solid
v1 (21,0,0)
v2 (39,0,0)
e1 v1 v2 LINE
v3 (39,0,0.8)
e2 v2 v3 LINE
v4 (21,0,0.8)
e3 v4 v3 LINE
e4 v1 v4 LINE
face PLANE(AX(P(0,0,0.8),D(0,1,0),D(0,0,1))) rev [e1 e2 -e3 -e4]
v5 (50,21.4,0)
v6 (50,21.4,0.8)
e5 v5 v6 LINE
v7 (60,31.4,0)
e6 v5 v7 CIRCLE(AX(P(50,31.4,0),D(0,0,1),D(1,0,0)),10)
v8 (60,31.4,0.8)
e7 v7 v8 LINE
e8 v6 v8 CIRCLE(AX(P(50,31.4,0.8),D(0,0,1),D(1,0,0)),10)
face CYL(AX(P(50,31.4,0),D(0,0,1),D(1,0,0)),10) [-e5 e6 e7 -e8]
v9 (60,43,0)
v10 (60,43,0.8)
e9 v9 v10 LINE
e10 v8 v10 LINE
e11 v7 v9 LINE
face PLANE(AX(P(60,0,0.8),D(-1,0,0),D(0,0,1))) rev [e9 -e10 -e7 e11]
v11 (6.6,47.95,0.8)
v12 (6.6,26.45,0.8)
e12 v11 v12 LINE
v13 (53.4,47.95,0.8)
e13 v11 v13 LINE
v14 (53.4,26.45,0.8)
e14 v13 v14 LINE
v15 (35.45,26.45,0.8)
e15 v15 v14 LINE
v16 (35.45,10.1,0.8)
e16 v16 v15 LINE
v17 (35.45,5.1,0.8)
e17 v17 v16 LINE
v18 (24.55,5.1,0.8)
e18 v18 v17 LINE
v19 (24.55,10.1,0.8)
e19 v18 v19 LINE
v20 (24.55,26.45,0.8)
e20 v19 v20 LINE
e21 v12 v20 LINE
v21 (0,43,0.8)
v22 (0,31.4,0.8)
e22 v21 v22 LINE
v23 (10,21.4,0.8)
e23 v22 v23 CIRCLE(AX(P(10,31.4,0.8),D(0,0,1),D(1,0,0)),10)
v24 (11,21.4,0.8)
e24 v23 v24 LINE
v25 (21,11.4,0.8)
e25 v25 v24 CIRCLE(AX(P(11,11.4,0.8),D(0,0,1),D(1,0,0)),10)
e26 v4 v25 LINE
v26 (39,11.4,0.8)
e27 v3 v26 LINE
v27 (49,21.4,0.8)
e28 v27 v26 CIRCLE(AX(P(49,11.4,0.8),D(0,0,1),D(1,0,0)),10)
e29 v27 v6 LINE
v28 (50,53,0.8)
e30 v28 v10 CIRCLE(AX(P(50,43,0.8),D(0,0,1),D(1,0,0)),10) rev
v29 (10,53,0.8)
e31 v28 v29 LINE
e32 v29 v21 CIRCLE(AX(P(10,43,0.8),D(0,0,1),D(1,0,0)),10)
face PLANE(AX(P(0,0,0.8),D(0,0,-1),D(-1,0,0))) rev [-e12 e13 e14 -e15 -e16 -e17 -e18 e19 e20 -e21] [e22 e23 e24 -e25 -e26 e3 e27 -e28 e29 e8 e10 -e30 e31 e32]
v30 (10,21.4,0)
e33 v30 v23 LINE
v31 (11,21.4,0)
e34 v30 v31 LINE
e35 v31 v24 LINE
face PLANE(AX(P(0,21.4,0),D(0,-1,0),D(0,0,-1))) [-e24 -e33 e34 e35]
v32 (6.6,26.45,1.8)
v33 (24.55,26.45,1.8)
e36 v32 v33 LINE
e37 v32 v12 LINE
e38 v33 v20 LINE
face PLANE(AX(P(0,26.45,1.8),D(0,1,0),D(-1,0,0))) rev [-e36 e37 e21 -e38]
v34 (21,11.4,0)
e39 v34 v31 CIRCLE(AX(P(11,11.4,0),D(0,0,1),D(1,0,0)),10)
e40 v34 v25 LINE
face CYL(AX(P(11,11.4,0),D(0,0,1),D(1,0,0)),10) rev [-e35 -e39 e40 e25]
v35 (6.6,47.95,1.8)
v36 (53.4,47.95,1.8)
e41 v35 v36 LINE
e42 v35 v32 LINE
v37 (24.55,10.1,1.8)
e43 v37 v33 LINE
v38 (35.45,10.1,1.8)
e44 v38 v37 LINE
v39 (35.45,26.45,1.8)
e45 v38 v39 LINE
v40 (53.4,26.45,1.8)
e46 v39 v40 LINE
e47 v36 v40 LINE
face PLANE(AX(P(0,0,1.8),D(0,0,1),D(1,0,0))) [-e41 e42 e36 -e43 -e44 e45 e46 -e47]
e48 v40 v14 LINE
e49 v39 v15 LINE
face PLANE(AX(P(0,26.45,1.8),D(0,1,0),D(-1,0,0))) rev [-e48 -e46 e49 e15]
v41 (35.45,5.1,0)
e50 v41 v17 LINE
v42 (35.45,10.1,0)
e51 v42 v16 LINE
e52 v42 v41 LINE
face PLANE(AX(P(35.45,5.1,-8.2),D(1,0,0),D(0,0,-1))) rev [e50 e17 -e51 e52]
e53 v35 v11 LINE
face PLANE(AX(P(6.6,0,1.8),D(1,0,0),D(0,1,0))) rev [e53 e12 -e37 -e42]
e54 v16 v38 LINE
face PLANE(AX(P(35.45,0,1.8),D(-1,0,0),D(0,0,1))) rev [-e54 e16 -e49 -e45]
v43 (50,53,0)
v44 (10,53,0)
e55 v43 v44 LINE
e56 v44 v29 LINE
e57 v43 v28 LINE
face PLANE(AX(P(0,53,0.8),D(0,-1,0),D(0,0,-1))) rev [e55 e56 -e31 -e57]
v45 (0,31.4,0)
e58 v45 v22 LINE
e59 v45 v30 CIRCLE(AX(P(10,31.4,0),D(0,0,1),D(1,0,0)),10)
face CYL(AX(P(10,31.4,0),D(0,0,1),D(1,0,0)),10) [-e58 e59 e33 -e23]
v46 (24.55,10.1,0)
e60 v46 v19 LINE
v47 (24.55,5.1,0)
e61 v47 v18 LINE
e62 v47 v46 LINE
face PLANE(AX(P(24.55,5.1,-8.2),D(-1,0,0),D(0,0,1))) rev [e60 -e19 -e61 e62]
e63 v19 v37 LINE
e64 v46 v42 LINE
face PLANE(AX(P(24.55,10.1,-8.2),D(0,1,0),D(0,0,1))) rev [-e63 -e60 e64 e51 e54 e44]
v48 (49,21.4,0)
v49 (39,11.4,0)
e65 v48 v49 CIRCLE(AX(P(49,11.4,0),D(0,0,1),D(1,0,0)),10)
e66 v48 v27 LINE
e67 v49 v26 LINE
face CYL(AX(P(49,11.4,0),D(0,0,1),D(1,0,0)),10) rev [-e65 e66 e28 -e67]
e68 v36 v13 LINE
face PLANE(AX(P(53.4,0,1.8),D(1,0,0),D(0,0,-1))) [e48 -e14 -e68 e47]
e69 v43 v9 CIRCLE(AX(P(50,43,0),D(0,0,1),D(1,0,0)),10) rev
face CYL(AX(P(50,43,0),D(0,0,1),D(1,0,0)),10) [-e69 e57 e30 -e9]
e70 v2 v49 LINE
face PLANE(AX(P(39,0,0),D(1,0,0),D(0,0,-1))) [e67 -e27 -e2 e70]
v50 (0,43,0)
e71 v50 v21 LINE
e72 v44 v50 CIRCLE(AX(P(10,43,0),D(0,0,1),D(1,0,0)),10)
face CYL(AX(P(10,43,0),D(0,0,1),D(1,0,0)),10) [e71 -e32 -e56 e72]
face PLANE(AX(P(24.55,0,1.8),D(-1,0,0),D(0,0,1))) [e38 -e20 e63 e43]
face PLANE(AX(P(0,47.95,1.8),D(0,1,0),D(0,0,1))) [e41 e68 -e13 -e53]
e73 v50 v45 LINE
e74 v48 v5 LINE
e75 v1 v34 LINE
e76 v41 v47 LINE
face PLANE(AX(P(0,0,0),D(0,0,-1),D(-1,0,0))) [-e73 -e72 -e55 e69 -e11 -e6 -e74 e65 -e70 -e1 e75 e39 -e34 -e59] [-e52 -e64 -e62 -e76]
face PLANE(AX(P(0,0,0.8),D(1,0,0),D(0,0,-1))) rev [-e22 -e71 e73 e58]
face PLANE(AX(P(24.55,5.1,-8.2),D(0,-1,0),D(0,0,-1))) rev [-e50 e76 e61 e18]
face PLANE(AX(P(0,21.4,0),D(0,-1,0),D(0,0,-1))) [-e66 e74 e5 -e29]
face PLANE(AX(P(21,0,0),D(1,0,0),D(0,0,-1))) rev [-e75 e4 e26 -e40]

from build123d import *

# Parameters (mm, degrees)
SKETCH1_W           = 60
SKETCH1_H           = 53
BOSS_EXTRUDE1_DEPTH = 0.8
CUT_EXTRUDE2_DEPTH  = 0.8
SKETCH3_W           = 10.9
SKETCH3_H           = 21.35
SKETCH3_W_2         = 46.8
SKETCH3_H_2         = 21.5
BOSS_EXTRUDE2_DEPTH = 1
SKETCH4_W           = 10.9
SKETCH4_H           = 5
CUT_EXTRUDE3_DEPTH  = 10


with BuildPart() as part:
    # Sketch1 → Boss-Extrude1 (new body)
    with BuildSketch(Plane.XY):
        with Locations((30, 26.5)):
            Rectangle(SKETCH1_W, SKETCH1_H)
    extrude(amount=BOSS_EXTRUDE1_DEPTH)

    # Sketch2 → Cut-Extrude2 (cut)
    with BuildSketch(Plane.XY.offset(0.8)):
        with BuildLine():
            ThreePointArc((0, 43), (2.928932188, 50.071067812), (10, 53))
            Line((10, 53), (0, 53))
            Line((0, 53), (0, 43))
        make_face()
        with BuildLine():
            ThreePointArc((10, 21.4), (2.928932188, 24.328932188), (0, 31.4))
            Line((0, 31.4), (0, 0))
            Line((0, 0), (21, 0))
            Line((21, 0), (21, 11.4))
            ThreePointArc((21, 11.4), (18.071067812, 18.471067812), (11, 21.4))
            Line((11, 21.4), (10, 21.4))
        make_face()
        with BuildLine():
            Line((60, 0), (60, 31.4))
            ThreePointArc((60, 31.4), (57.071067812, 24.328932188), (50, 21.4))
            Line((50, 21.4), (49, 21.4))
            ThreePointArc((49, 21.4), (41.928932188, 18.471067812), (39, 11.4))
            Line((39, 11.4), (39, 0))
            Line((39, 0), (60, 0))
        make_face()
        with BuildLine():
            Line((60, 53), (50, 53))
            ThreePointArc((50, 53), (57.071067812, 50.071067812), (60, 43))
            Line((60, 43), (60, 53))
        make_face()
    extrude(amount=-CUT_EXTRUDE2_DEPTH, mode=Mode.SUBTRACT)

    # Sketch3 → Boss-Extrude2 (add)
    with BuildSketch(Plane.XY.offset(0.8)):
        with Locations((30, 15.775)):
            Rectangle(SKETCH3_W, SKETCH3_H)
        with Locations((30, 37.2)):
            Rectangle(SKETCH3_W_2, SKETCH3_H_2)
    extrude(amount=BOSS_EXTRUDE2_DEPTH)

    # Sketch4 → Cut-Extrude3 (cut)
    with BuildSketch(Plane.XY.offset(1.8)):
        with Locations((30, 7.6)):
            Rectangle(SKETCH4_W, SKETCH4_H)
    extrude(amount=-CUT_EXTRUDE3_DEPTH, mode=Mode.SUBTRACT)


solid = part.part
